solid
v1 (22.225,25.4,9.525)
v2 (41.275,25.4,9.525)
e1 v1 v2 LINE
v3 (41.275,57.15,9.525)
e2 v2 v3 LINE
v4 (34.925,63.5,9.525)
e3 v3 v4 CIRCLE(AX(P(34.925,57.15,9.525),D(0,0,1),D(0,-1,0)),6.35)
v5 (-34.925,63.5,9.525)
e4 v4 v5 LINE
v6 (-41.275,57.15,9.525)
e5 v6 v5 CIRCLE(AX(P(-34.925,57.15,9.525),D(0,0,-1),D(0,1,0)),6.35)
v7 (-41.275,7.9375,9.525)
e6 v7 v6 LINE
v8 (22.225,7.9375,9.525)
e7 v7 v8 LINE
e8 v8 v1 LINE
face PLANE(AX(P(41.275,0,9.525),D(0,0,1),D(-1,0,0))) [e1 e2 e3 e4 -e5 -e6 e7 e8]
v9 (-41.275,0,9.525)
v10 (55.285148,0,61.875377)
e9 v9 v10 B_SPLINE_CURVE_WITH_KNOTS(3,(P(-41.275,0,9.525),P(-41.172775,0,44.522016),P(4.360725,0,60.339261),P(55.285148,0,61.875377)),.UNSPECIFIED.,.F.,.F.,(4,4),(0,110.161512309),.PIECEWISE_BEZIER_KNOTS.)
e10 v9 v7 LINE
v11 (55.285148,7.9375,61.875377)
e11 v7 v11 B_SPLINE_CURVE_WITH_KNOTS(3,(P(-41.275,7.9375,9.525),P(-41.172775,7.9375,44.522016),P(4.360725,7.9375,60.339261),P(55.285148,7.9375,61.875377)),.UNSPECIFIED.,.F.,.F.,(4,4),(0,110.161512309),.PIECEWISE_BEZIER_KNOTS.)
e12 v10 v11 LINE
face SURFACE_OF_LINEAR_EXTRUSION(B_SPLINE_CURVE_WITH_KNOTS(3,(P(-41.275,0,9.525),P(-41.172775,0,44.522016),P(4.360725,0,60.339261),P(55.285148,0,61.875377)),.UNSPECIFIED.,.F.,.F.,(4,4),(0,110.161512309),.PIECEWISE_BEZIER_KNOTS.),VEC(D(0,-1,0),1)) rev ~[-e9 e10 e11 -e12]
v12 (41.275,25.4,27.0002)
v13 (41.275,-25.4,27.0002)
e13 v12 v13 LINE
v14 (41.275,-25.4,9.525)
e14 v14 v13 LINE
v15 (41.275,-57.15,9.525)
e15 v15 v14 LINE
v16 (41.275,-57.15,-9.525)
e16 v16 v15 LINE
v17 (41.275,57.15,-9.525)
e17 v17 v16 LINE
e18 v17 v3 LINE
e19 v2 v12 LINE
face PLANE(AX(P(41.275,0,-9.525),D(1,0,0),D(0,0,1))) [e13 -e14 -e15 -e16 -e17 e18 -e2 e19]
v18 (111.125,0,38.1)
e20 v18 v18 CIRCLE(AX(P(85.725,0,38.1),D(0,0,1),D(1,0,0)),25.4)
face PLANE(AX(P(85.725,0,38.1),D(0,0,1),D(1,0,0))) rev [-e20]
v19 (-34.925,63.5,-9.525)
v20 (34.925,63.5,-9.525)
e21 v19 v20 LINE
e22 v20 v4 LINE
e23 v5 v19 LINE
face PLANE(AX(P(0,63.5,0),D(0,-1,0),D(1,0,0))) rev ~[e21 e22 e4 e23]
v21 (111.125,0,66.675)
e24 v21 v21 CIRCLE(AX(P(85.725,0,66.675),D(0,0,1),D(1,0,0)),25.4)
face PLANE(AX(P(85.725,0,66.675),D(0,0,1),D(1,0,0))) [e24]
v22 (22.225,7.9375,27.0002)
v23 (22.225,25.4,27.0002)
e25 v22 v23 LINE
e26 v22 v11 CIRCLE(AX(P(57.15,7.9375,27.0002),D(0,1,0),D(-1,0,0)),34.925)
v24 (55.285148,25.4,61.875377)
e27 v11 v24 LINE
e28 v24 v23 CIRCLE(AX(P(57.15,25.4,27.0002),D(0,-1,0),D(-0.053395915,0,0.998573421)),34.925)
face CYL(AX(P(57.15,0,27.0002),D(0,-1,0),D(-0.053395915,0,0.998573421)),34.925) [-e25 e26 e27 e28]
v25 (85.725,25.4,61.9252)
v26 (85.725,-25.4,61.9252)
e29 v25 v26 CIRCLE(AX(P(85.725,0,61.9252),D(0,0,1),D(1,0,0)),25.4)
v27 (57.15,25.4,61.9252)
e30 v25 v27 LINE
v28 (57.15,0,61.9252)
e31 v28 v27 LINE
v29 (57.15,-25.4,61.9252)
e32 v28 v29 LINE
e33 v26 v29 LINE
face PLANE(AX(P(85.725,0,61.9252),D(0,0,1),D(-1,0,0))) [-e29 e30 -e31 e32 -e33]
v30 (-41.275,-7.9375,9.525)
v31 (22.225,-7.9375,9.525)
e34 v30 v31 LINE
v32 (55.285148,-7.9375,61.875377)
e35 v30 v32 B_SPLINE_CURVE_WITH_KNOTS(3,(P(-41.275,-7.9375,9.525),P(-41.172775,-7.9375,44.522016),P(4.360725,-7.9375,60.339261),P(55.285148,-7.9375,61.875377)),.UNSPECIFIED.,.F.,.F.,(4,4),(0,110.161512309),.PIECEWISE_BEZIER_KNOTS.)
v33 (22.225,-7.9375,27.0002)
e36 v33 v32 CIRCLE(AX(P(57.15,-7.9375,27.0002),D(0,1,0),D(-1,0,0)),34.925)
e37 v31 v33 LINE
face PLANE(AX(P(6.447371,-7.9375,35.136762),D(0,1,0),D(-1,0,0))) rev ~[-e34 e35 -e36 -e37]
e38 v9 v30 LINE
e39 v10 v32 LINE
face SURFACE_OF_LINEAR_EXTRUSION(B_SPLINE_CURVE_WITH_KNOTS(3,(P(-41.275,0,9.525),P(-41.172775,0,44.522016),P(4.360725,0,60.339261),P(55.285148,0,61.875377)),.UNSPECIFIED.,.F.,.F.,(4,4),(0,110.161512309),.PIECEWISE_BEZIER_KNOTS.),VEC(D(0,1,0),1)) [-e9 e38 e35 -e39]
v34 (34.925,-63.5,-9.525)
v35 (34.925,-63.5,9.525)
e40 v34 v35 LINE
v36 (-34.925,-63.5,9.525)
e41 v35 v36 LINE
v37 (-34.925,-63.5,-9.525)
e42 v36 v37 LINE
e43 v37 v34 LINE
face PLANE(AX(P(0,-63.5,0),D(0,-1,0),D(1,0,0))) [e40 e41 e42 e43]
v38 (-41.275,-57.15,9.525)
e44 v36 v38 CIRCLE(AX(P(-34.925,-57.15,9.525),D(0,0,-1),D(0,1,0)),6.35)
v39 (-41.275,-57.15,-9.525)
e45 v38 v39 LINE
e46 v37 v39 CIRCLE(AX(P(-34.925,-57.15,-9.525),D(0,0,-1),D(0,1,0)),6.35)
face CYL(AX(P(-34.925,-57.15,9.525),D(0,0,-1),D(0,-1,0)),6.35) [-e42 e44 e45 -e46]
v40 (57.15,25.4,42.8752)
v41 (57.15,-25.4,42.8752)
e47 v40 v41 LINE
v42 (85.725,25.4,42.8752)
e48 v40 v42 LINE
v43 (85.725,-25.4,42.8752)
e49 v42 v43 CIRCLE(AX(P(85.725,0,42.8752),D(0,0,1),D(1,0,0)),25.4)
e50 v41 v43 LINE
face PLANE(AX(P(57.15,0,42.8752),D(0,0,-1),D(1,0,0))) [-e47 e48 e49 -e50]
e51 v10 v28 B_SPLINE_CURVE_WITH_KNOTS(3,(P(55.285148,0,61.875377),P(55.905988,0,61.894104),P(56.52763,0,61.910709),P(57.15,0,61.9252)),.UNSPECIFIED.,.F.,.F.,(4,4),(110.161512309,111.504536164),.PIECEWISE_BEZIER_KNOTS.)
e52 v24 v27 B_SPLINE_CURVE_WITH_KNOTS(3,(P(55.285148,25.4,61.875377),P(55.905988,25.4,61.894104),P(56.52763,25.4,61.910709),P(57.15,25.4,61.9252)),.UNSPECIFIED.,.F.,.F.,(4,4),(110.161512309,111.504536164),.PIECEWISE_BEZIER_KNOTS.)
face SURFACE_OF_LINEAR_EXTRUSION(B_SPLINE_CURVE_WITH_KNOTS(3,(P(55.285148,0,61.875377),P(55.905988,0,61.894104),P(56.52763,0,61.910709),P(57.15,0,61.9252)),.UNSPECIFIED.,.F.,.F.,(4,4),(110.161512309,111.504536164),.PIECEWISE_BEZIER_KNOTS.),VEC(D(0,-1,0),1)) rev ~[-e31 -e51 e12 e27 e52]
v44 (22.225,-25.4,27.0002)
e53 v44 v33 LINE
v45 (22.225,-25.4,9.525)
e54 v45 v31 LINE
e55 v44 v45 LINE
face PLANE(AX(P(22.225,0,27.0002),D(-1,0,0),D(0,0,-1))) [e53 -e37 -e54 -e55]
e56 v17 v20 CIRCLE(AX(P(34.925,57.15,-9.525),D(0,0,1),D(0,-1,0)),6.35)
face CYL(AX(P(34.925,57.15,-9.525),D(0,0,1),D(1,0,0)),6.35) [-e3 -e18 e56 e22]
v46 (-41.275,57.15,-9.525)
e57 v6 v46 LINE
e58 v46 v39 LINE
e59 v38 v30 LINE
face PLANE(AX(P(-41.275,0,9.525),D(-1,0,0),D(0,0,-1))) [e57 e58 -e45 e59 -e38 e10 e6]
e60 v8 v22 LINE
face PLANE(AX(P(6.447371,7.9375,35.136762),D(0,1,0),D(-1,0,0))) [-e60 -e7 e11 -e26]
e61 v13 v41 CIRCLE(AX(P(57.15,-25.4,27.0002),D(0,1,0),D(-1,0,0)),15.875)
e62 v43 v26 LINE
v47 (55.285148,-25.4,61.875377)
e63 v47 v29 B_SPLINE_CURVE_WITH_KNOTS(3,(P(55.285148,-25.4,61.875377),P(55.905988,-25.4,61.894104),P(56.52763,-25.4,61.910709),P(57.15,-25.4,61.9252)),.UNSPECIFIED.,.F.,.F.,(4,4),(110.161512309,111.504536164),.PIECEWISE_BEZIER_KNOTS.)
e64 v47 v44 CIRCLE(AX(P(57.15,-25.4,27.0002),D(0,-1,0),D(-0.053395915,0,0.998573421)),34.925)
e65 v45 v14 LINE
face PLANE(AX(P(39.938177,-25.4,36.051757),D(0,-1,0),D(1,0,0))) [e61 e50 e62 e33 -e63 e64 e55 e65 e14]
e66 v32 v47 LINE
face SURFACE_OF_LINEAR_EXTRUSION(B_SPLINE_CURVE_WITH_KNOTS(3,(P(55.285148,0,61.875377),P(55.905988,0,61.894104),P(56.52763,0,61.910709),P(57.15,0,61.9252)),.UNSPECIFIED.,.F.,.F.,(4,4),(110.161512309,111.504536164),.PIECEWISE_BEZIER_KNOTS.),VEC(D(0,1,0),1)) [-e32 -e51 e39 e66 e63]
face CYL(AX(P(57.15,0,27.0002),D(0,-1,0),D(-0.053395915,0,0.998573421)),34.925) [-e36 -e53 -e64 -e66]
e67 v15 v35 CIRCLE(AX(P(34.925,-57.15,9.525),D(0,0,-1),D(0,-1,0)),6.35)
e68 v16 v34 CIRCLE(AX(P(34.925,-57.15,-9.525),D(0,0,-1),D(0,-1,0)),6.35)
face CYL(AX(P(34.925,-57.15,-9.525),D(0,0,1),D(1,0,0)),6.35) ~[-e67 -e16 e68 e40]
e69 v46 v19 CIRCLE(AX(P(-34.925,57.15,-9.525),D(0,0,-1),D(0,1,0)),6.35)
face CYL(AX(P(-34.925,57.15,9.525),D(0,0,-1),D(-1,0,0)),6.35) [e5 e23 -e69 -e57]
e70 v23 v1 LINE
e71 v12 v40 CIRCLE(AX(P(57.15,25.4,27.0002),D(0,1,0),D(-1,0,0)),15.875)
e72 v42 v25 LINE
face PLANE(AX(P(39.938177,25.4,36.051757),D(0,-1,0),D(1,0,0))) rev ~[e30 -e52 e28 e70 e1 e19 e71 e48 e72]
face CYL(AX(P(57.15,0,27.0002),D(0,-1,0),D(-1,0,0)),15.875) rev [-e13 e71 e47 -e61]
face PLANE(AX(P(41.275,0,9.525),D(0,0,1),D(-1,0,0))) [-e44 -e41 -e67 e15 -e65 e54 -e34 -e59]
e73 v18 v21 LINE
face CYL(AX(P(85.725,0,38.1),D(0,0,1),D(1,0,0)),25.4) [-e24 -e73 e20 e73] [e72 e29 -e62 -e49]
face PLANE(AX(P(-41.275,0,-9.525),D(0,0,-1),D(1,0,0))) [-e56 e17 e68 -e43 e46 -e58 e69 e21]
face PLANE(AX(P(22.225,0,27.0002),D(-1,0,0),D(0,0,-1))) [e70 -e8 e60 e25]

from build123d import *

# Parameters (mm, degrees)
F1_DEPTH = 63.5
F2_DEPTH = 25.4
F3_DEPTH = 7.9375
F5_R     = 6.35


with BuildPart() as f1:
    # F0 (on Front) → F1 (new body, symmetric)
    with BuildSketch(Plane.XZ):
        Polygon((-41.275, 9.525), (-41.275, -9.525), (41.275, -9.525), (41.275, 9.525), (22.225, 9.525), align=None)
    extrude(amount=F1_DEPTH, both=True)

    # F0 (on Front) → F2 (join, symmetric)
    with BuildSketch(Plane.XZ):
        with BuildLine():
            Line((22.225, 9.525), (41.275, 9.525))
            Line((41.275, 9.525), (41.275, 27.0002))
            ThreePointArc((41.275, 27.0002), (45.9246798487, 38.2255201513), (57.15, 42.8752))
            Line((57.15, 42.8752), (60.325, 42.8752))
            Line((60.325, 42.8752), (60.325, 61.9252))
            Line((60.325, 61.9252), (57.15, 61.9252))
            add(Edge.make_bspline(
                [(55.2851476574, 61.8753767127), (55.9059880343, 61.8941041264), (56.5276296664, 61.9107089301), (57.15, 61.9252)],
                knots=[110.161512309, 110.161512309, 110.161512309, 110.161512309, 111.5045361635, 111.5045361635, 111.5045361635, 111.5045361635], degree=3))
            ThreePointArc((55.2851476574, 61.8753767127), (31.8035446949, 51.0275350263), (22.225, 27.0002))
            Line((22.225, 27.0002), (22.225, 9.525))
        make_face()
        Polygon((75.3291722601, 61.9252), (60.325, 61.9252), (60.325, 42.8752), (75.3291722601, 42.8752), (85.725, 42.8752), (85.725, 61.9252), align=None)
    extrude(amount=F2_DEPTH, both=True)

    # F0 (on Front) → F3 (join, symmetric)
    with BuildSketch(Plane.XZ):
        with BuildLine():
            add(Edge.make_bspline(
                [(-41.275, 9.525), (-41.1727746696, 44.5220155957), (4.3607246911, 60.3392608693), (55.2851476574, 61.8753767127)],
                knots=[0, 0, 0, 0, 110.161512309, 110.161512309, 110.161512309, 110.161512309], degree=3))
            Line((-41.275, 9.525), (22.225, 9.525))
            Line((22.225, 9.525), (22.225, 27.0002))
            ThreePointArc((22.225, 27.0002), (31.8035446949, 51.0275350263), (55.2851476574, 61.8753767127))
        make_face()
    extrude(amount=F3_DEPTH, both=True)

    # F0 (on Front) → F4 (revolve)
    with BuildSketch(Plane.XZ):
        Polygon((111.125, 66.675), (85.725, 66.675), (85.725, 61.9252), (85.725, 42.8752), (85.725, 38.1), (111.125, 38.1), align=None)
    revolve(axis=Axis((85.725, 0, 52.3875), (0, 0, 1)))

    # F5
    f5_edges = [f1.edges().sort_by_distance(p)[0] for p in [
        (41.275, -63.5, 0),
        (-41.275, -63.5, 0),
        (41.275, 63.5, 0),
        (-41.275, 63.5, 0),
    ]]
    fillet(f5_edges, radius=F5_R)


solid = f1.part
